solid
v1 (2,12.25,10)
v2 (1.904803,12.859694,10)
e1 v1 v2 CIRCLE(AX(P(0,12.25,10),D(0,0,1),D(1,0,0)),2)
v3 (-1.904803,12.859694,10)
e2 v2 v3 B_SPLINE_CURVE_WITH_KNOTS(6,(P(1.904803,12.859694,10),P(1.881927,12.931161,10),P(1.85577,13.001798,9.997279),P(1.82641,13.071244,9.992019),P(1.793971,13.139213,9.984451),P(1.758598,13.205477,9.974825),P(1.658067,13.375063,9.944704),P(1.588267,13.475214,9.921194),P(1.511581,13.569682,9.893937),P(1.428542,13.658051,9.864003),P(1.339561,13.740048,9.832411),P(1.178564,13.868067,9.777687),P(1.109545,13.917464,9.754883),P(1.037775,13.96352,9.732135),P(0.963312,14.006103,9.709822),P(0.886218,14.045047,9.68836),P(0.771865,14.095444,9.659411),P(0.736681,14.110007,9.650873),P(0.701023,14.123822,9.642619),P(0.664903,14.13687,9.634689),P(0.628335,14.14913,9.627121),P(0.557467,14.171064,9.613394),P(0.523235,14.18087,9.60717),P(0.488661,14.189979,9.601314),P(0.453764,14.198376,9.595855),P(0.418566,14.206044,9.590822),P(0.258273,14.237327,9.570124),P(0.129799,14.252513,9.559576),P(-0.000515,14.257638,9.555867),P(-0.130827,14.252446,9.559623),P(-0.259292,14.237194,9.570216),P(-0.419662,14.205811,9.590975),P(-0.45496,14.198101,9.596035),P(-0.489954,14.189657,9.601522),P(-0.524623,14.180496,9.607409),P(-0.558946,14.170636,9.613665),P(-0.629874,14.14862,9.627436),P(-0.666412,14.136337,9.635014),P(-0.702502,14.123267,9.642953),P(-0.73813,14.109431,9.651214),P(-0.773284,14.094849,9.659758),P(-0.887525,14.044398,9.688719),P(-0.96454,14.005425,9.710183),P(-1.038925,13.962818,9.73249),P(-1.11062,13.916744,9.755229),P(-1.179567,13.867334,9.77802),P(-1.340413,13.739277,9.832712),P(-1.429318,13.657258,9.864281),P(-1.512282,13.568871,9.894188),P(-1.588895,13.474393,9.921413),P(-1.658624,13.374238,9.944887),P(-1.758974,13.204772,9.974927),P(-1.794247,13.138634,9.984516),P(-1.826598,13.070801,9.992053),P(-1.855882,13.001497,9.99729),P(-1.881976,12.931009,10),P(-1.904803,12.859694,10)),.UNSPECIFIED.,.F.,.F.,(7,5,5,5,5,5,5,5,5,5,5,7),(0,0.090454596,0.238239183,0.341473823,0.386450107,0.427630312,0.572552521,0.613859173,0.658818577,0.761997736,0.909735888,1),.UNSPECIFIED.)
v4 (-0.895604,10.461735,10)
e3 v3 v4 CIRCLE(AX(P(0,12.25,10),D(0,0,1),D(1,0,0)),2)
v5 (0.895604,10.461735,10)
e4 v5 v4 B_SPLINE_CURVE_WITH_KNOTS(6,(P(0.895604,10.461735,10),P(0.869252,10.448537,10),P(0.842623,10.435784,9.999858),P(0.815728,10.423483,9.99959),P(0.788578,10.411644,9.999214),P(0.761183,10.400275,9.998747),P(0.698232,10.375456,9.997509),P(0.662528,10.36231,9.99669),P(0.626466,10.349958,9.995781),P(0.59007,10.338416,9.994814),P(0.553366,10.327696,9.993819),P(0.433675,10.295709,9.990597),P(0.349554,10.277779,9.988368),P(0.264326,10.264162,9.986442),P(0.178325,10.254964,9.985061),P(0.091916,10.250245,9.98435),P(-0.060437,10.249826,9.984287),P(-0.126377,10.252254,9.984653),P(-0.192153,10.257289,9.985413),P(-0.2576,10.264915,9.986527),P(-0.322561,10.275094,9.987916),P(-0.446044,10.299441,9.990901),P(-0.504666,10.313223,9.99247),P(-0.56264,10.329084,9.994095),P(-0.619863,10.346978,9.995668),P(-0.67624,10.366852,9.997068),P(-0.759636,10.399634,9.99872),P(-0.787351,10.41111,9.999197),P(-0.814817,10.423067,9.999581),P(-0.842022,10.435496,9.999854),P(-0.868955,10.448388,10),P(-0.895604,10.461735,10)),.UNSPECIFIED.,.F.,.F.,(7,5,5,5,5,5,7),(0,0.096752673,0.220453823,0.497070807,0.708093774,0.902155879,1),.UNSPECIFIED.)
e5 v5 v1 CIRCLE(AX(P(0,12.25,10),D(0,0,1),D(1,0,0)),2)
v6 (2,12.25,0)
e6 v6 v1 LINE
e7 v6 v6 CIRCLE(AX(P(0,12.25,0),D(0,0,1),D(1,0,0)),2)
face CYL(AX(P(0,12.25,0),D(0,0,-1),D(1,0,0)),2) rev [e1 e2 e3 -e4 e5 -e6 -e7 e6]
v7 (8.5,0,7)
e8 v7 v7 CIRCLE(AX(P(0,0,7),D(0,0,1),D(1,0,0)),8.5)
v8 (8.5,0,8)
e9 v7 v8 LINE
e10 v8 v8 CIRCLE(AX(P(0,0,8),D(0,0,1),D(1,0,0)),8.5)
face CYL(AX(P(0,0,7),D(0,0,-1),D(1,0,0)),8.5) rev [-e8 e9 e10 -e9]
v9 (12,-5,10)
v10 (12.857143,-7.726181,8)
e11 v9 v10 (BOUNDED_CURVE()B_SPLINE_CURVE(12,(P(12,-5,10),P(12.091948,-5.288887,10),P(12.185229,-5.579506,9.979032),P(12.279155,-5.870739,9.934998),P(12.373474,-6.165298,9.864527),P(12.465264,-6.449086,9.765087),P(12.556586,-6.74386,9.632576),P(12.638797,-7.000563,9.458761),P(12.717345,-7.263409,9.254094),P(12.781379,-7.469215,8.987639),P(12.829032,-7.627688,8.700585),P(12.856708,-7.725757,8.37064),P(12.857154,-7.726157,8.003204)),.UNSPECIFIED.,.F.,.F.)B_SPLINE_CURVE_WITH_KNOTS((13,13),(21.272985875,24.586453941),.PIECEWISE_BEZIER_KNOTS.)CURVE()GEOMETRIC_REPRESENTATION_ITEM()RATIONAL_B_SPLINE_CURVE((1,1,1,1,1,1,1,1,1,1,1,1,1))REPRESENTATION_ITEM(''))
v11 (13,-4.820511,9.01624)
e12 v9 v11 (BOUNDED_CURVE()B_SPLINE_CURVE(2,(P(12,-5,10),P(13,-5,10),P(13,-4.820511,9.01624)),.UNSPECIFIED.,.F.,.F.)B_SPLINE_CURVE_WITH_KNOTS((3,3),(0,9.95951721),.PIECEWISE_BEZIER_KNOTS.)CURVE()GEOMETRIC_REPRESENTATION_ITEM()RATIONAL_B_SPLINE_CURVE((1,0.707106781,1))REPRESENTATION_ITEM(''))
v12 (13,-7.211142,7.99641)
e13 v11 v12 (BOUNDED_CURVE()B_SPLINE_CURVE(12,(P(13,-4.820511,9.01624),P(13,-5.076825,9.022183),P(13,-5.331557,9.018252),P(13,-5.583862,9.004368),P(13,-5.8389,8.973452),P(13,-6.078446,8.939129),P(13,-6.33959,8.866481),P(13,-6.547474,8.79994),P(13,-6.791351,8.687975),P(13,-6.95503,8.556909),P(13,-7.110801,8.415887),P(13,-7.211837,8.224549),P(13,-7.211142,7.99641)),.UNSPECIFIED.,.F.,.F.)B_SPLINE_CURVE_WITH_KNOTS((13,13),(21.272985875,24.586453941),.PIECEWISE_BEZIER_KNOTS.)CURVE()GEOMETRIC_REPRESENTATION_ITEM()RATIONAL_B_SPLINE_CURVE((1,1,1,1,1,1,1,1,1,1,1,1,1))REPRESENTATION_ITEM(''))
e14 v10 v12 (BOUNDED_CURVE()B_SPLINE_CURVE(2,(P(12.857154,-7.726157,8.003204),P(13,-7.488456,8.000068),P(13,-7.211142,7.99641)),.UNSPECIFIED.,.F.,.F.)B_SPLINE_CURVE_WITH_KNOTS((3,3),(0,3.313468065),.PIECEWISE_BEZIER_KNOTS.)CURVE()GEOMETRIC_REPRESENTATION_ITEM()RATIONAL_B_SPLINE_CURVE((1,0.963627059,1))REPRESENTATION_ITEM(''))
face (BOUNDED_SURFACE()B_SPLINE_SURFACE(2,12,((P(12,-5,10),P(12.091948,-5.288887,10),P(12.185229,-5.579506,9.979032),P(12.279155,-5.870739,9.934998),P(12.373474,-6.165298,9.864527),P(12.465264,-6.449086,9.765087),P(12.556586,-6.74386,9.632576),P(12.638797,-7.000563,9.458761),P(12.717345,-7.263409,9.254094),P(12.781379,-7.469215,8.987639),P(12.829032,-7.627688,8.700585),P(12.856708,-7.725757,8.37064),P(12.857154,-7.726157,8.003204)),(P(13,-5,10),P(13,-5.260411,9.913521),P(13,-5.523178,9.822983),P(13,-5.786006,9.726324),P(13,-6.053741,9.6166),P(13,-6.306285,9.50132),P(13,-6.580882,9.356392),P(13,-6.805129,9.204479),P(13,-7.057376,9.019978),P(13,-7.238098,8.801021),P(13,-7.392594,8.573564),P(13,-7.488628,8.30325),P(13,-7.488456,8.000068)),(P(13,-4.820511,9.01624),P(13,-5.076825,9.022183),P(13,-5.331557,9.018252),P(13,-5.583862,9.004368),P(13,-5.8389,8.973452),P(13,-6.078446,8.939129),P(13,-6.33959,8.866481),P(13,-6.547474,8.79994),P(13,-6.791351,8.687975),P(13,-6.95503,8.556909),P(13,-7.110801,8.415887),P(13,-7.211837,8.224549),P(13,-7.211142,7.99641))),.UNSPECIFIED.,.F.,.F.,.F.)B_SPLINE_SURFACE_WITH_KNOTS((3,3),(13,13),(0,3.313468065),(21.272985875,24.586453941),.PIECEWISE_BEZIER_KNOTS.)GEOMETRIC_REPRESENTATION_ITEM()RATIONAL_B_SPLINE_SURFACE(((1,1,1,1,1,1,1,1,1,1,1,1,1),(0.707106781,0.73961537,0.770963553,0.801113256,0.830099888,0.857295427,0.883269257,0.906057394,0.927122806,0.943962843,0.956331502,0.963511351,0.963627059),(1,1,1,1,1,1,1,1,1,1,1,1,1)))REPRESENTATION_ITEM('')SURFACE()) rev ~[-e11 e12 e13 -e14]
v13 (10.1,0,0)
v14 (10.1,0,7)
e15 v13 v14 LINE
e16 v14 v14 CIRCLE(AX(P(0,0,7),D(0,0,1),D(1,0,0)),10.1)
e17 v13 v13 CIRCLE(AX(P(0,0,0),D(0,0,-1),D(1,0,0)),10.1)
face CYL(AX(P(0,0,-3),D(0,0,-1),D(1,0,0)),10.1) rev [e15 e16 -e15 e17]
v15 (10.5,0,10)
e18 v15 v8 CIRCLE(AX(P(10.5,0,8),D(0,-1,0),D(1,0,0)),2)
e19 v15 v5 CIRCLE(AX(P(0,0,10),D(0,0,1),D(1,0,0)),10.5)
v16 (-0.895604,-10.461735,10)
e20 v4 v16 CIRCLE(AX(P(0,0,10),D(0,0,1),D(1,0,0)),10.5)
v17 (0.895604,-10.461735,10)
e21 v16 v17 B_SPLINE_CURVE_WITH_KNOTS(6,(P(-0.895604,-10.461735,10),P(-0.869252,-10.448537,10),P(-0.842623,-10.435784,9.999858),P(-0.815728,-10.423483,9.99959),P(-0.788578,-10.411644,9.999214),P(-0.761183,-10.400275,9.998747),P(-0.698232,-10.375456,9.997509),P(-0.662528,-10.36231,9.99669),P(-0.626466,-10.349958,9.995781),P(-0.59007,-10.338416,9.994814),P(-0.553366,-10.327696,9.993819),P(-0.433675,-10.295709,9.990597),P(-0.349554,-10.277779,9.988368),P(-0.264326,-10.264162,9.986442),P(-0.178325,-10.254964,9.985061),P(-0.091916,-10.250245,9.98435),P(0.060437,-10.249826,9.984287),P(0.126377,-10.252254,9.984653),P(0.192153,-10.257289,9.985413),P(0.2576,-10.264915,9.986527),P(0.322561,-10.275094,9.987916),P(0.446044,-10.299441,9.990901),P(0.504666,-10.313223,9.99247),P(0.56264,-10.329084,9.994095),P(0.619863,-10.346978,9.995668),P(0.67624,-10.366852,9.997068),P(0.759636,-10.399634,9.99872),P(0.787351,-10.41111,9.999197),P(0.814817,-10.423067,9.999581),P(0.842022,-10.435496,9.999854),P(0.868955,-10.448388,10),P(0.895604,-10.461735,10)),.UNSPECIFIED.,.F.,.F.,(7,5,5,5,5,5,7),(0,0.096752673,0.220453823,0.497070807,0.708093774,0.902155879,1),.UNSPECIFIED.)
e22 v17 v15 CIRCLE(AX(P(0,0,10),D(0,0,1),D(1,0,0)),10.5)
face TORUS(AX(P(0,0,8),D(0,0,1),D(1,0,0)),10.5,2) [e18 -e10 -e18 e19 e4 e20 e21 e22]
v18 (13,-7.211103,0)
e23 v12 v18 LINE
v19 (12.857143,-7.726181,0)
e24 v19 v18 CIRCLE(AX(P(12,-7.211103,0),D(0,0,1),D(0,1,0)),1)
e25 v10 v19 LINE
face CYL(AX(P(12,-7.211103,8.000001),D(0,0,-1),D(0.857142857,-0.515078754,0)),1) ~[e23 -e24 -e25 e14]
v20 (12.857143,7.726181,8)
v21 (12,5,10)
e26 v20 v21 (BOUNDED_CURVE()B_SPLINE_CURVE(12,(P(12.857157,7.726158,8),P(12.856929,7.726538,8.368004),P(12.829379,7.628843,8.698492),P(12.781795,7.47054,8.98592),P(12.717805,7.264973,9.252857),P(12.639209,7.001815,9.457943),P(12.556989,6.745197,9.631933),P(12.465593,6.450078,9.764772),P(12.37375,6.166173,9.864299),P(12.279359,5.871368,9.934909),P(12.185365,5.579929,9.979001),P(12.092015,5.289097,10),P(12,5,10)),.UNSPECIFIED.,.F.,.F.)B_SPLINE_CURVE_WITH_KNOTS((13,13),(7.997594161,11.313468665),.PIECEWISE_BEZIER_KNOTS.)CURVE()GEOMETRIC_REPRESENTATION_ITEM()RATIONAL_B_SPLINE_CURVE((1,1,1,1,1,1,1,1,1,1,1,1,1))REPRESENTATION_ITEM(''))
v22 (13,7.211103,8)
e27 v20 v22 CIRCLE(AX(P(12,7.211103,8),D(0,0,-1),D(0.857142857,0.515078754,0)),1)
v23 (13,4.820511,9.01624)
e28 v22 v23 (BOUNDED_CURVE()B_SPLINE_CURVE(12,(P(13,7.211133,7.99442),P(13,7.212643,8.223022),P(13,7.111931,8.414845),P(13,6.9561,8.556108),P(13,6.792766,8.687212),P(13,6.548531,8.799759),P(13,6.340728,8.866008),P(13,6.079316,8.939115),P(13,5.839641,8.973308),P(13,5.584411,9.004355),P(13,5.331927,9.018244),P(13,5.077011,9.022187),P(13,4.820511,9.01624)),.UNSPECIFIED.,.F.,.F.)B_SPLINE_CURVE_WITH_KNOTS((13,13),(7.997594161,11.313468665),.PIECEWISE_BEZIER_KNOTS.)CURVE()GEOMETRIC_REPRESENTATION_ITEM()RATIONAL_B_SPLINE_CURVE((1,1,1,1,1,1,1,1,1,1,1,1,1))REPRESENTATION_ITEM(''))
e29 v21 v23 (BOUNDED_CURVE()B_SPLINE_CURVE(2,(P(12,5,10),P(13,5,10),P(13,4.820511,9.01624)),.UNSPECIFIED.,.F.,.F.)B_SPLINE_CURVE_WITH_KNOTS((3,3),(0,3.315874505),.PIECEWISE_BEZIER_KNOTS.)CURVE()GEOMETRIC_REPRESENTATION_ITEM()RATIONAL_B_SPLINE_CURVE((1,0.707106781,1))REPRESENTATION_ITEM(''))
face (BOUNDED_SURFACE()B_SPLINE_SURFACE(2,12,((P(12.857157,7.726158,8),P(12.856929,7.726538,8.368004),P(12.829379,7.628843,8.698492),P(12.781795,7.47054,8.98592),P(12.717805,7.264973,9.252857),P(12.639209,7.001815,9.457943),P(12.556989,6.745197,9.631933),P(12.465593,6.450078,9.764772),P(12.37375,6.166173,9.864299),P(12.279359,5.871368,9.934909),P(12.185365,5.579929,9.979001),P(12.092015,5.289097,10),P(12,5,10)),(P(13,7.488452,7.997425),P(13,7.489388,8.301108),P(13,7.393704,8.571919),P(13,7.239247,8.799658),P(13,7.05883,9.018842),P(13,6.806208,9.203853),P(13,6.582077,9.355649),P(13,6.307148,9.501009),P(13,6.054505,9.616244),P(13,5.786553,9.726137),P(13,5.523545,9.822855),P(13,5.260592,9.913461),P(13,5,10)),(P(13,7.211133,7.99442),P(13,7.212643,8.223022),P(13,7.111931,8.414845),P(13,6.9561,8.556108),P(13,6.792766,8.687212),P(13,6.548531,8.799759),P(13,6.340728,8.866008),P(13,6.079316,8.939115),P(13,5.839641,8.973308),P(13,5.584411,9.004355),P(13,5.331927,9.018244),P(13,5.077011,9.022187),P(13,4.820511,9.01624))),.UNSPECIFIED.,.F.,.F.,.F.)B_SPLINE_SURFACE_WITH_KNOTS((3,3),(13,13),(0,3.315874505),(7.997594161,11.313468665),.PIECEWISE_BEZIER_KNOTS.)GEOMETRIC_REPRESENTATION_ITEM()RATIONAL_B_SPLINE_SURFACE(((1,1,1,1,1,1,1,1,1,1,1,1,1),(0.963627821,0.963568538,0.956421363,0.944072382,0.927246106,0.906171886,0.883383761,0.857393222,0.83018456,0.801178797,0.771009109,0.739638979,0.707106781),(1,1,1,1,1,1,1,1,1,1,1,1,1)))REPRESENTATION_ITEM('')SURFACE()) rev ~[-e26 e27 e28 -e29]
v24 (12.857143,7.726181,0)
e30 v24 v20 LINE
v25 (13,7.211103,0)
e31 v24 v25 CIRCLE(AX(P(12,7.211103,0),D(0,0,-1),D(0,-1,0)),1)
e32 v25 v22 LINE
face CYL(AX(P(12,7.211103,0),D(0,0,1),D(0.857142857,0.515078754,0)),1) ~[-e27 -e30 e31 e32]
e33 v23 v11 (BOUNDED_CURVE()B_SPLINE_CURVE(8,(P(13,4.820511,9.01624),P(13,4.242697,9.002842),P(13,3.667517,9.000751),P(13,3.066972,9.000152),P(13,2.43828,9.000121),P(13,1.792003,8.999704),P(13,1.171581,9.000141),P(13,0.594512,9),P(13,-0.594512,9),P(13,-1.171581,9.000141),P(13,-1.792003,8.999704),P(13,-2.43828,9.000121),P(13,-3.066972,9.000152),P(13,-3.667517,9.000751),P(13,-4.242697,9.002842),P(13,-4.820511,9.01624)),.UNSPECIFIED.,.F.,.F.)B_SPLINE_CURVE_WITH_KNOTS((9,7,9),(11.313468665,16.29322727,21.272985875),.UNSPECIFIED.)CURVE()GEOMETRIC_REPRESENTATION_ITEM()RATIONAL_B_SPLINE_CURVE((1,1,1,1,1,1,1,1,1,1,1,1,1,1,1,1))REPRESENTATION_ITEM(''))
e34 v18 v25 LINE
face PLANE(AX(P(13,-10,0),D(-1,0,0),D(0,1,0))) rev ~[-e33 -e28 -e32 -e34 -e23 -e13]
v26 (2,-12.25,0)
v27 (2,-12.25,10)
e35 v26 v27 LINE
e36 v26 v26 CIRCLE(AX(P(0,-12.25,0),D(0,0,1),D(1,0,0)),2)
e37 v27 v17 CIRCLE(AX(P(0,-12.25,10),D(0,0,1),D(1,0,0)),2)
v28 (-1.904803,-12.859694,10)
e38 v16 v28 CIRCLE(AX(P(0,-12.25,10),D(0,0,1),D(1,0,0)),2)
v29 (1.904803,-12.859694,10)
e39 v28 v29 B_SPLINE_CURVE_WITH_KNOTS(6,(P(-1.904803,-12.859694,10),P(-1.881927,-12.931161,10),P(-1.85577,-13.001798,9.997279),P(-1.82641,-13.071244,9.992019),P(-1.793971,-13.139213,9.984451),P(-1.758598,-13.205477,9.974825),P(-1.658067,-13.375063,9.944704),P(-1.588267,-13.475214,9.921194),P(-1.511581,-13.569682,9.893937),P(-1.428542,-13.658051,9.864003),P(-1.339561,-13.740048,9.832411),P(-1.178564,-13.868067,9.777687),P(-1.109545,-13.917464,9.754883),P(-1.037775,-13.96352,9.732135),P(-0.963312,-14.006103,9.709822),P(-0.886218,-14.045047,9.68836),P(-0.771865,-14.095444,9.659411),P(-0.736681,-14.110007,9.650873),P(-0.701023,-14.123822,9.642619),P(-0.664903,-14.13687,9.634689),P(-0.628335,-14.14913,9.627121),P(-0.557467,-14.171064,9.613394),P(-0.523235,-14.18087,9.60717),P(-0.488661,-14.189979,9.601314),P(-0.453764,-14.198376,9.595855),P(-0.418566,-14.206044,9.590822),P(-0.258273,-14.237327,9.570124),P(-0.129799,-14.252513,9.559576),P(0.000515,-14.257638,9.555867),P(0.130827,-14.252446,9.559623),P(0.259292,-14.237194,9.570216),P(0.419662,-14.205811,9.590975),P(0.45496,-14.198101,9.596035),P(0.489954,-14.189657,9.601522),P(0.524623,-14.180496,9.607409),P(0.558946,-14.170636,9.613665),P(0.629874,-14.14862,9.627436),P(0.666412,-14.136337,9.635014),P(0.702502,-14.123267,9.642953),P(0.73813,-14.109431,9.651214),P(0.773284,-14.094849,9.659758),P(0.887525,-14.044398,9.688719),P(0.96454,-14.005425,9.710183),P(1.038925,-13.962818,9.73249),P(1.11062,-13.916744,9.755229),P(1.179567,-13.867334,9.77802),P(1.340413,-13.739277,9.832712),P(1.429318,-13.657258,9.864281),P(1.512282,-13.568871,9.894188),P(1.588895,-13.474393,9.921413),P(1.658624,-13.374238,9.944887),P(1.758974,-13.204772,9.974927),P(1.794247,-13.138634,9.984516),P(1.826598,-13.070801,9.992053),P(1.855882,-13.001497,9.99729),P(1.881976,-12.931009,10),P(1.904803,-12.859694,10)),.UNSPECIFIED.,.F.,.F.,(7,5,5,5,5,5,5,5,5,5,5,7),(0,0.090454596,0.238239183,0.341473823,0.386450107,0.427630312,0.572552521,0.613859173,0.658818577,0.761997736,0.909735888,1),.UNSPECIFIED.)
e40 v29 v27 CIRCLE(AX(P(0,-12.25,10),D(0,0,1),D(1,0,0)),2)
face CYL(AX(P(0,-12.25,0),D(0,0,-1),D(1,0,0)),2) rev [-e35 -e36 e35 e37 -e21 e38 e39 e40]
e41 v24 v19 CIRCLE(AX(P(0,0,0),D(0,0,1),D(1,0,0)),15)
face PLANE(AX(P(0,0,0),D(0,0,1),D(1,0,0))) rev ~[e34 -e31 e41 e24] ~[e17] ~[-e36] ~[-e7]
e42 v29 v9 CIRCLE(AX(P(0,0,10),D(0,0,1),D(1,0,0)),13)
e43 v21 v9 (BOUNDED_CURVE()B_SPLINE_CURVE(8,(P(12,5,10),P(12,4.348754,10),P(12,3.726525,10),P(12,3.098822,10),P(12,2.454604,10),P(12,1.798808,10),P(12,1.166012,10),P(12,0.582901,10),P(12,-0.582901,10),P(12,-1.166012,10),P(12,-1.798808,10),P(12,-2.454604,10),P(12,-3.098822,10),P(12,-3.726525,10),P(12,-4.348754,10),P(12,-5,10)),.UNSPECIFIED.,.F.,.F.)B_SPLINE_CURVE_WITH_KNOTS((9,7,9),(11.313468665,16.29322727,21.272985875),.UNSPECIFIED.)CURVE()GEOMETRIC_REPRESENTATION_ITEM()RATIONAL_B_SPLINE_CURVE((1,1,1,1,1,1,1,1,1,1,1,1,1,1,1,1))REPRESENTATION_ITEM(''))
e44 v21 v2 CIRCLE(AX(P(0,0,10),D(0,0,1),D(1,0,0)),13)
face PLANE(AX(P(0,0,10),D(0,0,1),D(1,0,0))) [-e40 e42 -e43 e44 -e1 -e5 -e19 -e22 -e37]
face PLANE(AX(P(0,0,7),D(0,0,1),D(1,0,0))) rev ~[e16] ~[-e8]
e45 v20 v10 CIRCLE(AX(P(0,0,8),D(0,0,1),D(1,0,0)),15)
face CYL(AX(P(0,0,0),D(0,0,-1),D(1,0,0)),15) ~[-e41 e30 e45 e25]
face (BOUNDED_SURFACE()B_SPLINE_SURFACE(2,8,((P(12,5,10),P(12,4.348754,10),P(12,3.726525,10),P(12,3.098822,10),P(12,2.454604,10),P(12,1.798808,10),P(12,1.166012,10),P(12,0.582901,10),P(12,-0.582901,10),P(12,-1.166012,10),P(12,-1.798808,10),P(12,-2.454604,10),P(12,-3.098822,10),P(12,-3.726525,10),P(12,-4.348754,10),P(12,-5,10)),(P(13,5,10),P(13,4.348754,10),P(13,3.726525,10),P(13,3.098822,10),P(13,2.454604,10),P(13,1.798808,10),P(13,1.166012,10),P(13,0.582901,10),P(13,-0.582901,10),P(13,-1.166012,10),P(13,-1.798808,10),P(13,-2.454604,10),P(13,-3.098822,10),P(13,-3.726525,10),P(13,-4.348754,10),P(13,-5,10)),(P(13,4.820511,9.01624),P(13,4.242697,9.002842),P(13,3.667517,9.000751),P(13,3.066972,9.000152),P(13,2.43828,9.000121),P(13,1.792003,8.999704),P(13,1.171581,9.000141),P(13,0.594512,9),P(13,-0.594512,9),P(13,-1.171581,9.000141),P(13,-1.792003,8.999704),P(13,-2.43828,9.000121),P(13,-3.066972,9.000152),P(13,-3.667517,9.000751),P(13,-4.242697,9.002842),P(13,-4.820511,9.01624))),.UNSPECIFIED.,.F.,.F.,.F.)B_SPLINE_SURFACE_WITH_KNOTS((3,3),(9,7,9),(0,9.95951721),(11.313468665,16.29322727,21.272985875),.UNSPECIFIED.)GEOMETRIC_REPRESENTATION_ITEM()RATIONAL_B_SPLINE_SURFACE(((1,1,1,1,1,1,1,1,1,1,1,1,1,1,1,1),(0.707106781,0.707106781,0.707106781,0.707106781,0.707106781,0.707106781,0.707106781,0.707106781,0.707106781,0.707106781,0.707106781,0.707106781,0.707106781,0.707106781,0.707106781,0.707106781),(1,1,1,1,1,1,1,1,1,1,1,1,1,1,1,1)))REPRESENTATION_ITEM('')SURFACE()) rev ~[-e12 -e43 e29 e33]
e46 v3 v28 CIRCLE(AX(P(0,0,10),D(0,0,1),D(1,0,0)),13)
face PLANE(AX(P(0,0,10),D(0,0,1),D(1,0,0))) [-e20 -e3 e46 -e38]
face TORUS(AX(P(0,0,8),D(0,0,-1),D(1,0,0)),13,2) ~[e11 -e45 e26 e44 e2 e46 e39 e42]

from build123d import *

# Parameters (mm, degrees)
CYLINDER009_R     = 2
CYLINDER009_DEPTH = 10
CYLINDER010_R     = 2
CYLINDER010_DEPTH = 10
BOX_W             = 4
BOX_H             = 20
BOX_DEPTH         = 10
CYLINDER004_R     = 8.5
CYLINDER004_DEPTH = 3
CYLINDER005_R     = 10.1
CYLINDER005_DEPTH = 10
CYLINDER002_R     = 15
CYLINDER002_DEPTH = 10
FILLET_R          = 2
FILLET001_R       = 2
FILLET004_R       = 1


with BuildPart() as cylinder009:
    # Cylinder009 → Cylinder009 (new body)
    with BuildSketch(Plane(origin=(0, -12.25, 0), x_dir=(1, 0, 0), z_dir=(0, 0, 1))):
        Circle(CYLINDER009_R)
    extrude(amount=CYLINDER009_DEPTH)


with BuildPart() as fusion003:
    # Cylinder010 → Cylinder010 (new body)
    with BuildSketch(Plane(origin=(0, 12.25, 0), x_dir=(1, 0, 0), z_dir=(0, 0, 1))):
        Circle(CYLINDER010_R)
    extrude(amount=CYLINDER010_DEPTH)

    # Fusion003: union Cylinder009
    add(cylinder009.part)


with BuildPart() as cube:
    # Box → Box (new body)
    with BuildSketch(Plane(origin=(13, -10, 0), x_dir=(1, 0, 0), z_dir=(0, 0, 1))):
        with Locations((2, 10)):
            Rectangle(BOX_W, BOX_H)
    extrude(amount=BOX_DEPTH)


with BuildPart() as cylinder004:
    # Cylinder004 → Cylinder004 (new body)
    with BuildSketch(Plane.XY):
        Circle(CYLINDER004_R)
    extrude(amount=CYLINDER004_DEPTH)


with BuildPart() as fusion001:
    # Cylinder005 → Cylinder005 (new body)
    with BuildSketch(Plane.XY.offset(-10)):
        Circle(CYLINDER005_R)
    extrude(amount=CYLINDER005_DEPTH)

    # Fusion001: union Cylinder004
    add(cylinder004.part)


with BuildPart() as fusion001_1:
    # Fusion001 placement: moved
    add(fusion001.part.moved(Location((0, 0, 7))))


with BuildPart() as hylsa002:
    # Cylinder002 → Cylinder002 (new body)
    with BuildSketch(Plane.XY):
        Circle(CYLINDER002_R)
    extrude(amount=CYLINDER002_DEPTH)

    # Cut: cut Fusion001
    add(fusion001_1.part, mode=Mode.SUBTRACT)

    # Fillet
    fillet_edges = [hylsa002.edges().sort_by_distance(p)[0] for p in [
        (-8.5, 0, 10),
    ]]
    fillet(fillet_edges, radius=FILLET_R)

    # Fillet001
    fillet001_edges = [hylsa002.edges().sort_by_distance(p)[0] for p in [
        (-15, 0, 10),
    ]]
    fillet(fillet001_edges, radius=FILLET001_R)

    # Cut002: cut Cube
    add(cube.part, mode=Mode.SUBTRACT)

    # Fillet004
    fillet004_edges = [hylsa002.edges().sort_by_distance(p)[0] for p in [
        (13, 4.143485, 9.893358),
        (13, -4.143485, 9.893358),
        (13, 7.483315, 4),
        (13, -7.483315, 4),
    ]]
    fillet(fillet004_edges, radius=FILLET004_R)

    # Cut005: cut Fusion003
    add(fusion003.part, mode=Mode.SUBTRACT)


solid = hylsa002.part
